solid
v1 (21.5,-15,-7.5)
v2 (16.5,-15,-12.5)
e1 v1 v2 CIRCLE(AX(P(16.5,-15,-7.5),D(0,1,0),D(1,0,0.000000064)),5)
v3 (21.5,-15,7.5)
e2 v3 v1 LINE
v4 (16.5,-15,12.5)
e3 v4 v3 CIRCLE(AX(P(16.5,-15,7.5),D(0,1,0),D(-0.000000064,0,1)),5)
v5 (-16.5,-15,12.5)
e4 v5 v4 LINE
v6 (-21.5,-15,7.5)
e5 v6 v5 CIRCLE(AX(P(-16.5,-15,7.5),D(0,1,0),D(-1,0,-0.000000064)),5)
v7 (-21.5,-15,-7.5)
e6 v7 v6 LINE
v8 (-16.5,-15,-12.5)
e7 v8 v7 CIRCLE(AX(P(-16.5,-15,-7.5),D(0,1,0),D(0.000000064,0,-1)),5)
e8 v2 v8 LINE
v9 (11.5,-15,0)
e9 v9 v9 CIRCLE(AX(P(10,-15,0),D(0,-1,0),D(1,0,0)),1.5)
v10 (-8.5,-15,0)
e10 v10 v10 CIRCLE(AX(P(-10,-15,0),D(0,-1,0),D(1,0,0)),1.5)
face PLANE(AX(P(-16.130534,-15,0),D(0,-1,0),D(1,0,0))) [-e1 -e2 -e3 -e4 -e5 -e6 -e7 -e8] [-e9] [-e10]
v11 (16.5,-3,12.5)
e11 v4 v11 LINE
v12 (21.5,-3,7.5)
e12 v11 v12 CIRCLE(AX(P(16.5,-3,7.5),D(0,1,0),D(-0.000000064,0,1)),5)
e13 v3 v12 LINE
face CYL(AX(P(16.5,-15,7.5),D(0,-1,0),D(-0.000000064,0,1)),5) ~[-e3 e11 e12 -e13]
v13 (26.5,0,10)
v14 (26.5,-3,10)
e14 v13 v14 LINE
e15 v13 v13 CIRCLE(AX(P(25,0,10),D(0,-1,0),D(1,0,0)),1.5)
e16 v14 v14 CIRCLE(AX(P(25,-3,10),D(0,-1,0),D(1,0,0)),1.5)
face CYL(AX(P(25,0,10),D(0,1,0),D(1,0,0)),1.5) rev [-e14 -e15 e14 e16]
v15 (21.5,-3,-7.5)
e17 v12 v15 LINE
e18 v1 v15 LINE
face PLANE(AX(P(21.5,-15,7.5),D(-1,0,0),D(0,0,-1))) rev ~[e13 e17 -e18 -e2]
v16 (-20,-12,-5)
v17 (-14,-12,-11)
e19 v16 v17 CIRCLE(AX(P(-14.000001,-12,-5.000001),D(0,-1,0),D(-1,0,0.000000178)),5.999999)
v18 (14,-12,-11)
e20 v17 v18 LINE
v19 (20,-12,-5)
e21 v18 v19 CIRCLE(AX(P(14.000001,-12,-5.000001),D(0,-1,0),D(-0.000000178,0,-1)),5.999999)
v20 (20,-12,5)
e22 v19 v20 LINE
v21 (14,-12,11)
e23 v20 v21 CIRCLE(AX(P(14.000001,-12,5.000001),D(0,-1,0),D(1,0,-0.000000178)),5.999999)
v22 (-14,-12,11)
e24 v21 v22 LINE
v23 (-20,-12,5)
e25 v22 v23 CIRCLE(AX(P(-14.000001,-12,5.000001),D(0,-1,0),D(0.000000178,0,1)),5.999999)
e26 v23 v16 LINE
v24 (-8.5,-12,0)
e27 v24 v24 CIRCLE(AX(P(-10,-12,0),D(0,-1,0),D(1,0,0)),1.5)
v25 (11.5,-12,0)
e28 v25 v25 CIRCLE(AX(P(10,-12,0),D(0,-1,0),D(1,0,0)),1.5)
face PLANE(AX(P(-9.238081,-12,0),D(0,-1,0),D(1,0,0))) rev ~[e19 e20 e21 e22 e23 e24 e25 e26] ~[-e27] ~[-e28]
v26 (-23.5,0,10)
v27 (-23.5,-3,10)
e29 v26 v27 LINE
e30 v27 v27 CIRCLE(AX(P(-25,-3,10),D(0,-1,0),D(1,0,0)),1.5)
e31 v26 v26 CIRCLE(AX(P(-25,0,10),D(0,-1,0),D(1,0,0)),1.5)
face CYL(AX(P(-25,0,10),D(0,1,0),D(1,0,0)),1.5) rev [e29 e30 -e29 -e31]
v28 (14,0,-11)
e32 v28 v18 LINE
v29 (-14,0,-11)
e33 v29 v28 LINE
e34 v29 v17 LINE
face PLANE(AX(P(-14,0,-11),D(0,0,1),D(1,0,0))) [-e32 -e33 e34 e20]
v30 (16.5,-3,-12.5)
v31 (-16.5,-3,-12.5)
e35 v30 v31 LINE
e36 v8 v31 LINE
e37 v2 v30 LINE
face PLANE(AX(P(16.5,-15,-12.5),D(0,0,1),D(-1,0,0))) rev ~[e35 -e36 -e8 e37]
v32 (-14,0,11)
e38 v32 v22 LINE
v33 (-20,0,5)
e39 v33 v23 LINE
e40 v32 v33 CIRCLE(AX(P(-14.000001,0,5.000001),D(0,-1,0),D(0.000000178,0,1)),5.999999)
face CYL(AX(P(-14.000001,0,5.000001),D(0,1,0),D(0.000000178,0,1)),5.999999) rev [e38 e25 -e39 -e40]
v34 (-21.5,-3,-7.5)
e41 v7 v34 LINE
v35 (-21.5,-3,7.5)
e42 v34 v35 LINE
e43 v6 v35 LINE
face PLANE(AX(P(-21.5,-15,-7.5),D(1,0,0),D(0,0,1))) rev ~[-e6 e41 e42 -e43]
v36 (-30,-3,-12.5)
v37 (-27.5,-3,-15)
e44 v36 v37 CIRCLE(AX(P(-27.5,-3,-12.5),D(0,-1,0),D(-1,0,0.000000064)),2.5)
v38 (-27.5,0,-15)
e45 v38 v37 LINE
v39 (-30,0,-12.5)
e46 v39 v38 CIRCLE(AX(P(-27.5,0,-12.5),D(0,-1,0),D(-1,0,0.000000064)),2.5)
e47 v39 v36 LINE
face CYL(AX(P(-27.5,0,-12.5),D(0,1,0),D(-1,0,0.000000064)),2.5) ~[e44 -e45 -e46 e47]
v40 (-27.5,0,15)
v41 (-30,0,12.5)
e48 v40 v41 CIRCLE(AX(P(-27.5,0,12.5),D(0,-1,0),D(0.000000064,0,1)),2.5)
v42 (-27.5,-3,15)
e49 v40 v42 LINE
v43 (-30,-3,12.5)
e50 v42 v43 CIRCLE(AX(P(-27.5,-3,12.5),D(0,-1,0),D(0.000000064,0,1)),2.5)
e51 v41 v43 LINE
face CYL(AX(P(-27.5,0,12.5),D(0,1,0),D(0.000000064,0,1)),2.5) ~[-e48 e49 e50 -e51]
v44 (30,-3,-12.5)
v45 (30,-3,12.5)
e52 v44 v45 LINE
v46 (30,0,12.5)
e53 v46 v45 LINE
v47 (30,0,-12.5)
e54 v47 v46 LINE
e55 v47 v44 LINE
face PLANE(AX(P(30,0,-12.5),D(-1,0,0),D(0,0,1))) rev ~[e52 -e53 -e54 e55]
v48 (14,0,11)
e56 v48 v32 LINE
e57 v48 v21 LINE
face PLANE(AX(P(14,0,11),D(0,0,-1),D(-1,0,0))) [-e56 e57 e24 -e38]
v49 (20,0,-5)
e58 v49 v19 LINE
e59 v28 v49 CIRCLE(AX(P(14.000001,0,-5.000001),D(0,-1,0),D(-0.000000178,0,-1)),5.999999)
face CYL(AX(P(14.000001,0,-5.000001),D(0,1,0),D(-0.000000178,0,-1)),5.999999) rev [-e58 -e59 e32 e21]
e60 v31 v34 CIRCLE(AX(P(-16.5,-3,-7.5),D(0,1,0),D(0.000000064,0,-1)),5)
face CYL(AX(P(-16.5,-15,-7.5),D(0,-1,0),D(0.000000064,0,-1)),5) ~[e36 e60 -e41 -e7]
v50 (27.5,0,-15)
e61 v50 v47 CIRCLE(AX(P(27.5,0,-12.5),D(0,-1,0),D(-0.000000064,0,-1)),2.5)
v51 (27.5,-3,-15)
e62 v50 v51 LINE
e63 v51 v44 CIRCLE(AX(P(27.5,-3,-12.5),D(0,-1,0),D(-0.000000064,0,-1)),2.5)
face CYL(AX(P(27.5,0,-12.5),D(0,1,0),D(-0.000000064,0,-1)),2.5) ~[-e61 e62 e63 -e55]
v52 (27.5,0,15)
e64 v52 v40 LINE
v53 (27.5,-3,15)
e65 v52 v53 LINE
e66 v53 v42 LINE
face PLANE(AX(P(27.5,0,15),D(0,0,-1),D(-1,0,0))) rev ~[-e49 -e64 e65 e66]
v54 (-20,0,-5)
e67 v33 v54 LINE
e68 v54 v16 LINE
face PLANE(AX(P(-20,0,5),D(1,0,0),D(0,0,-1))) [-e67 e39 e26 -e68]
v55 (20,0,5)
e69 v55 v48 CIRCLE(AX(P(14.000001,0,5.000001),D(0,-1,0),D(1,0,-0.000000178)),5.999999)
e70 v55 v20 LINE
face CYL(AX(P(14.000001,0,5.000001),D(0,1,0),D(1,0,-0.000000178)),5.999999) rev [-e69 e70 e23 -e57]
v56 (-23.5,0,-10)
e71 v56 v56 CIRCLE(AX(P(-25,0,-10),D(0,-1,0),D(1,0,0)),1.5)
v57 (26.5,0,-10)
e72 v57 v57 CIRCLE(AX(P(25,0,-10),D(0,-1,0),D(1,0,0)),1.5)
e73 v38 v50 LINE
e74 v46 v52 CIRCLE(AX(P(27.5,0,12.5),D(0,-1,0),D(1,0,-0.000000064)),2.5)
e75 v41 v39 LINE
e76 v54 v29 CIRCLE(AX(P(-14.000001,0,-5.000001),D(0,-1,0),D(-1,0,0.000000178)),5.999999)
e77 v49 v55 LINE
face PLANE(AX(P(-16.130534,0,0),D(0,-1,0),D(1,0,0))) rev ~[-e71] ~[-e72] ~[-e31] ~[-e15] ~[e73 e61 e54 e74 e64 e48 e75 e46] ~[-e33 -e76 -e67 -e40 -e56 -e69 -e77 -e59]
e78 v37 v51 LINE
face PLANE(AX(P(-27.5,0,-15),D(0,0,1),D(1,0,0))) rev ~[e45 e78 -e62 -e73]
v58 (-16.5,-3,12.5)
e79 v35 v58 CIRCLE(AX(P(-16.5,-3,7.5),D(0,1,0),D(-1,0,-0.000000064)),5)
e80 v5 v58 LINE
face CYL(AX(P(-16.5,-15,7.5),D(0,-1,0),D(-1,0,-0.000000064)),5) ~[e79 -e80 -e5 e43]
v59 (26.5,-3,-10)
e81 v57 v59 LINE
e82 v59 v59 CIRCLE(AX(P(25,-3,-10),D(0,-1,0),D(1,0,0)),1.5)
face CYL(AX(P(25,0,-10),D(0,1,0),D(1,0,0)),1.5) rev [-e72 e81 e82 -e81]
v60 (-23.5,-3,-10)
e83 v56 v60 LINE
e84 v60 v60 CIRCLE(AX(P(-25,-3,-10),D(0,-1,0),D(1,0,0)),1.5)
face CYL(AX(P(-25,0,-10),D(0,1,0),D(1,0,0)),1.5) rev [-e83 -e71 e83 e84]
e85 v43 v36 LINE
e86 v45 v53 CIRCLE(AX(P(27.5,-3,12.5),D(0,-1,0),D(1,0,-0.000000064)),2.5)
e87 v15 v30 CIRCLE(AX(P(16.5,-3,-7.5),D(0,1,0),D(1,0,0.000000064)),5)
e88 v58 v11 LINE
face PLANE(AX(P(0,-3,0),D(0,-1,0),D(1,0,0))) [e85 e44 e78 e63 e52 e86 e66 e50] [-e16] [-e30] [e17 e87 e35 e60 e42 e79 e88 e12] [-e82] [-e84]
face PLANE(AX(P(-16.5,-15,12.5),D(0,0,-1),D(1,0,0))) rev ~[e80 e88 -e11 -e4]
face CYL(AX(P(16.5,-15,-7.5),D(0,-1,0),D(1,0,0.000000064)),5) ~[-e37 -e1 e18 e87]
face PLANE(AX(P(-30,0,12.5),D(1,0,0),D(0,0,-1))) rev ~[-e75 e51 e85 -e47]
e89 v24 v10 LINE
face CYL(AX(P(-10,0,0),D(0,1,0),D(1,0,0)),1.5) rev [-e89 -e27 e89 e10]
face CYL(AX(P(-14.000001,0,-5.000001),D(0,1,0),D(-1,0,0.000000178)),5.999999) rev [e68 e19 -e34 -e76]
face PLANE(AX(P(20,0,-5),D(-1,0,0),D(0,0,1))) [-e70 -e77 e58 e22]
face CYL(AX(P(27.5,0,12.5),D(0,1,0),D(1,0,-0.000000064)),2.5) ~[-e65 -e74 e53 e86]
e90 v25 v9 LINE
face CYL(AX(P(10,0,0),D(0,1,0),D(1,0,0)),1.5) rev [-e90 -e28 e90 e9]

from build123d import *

# Parameters (mm, degrees)
F0_R     = 1.5
F1_DEPTH = 15
F2_DEPTH = 12
F3_R     = 1.5
F4_DEPTH = 12


with BuildPart() as f1:
    # F0 (on Front) → F1 (new body)
    with BuildSketch(Plane.XZ):
        with BuildLine():
            Line((0, 11), (0, 15))
            Line((0, 15), (-27.5, 15))
            ThreePointArc((-27.5, 15), (-29.267767, 14.267767), (-30, 12.5))
            Line((-30, 12.5), (-30, -12.5))
            ThreePointArc((-30, -12.5), (-29.267767, -14.267767), (-27.5, -15))
            Line((-27.5, -15), (0, -15))
            Line((0, -15), (0, -11))
            Line((0, -11), (-14, -11))
            ThreePointArc((-14, -11), (-18.242641, -9.242641), (-20, -5))
            Line((-20, -5), (-20, 5))
            ThreePointArc((-20, 5), (-18.242641, 9.242641), (-14, 11))
            Line((-14, 11), (0, 11))
        make_face()
        with Locations((-25, -10)):
            Circle(F0_R, mode=Mode.SUBTRACT)
        with Locations((-25, 10)):
            Circle(F0_R, mode=Mode.SUBTRACT)
        with BuildLine():
            Line((0, -11), (0, 11))
            Line((0, 11), (-14, 11))
            ThreePointArc((-14, 11), (-18.242641, 9.242641), (-20, 5))
            Line((-20, 5), (-20, -5))
            ThreePointArc((-20, -5), (-18.242641, -9.242641), (-14, -11))
            Line((-14, -11), (0, -11))
        make_face()
        with Locations((-10, 0)):
            Circle(F0_R, mode=Mode.SUBTRACT)
        with BuildLine():
            Line((14, 11), (0, 11))
            Line((0, 11), (0, -11))
            Line((0, -11), (14, -11))
            ThreePointArc((14, -11), (18.242641, -9.242641), (20, -5))
            Line((20, -5), (20, 5))
            ThreePointArc((20, 5), (18.242641, 9.242641), (14, 11))
        make_face()
        with Locations((10, 0)):
            Circle(F0_R, mode=Mode.SUBTRACT)
        with BuildLine():
            Line((27.5, 15), (0, 15))
            Line((0, 15), (0, 11))
            Line((0, 11), (14, 11))
            ThreePointArc((14, 11), (18.242641, 9.242641), (20, 5))
            Line((20, 5), (20, -5))
            ThreePointArc((20, -5), (18.242641, -9.242641), (14, -11))
            Line((14, -11), (0, -11))
            Line((0, -11), (0, -15))
            Line((0, -15), (27.5, -15))
            ThreePointArc((27.5, -15), (29.267767, -14.267767), (30, -12.5))
            Line((30, -12.5), (30, 12.5))
            ThreePointArc((30, 12.5), (29.267767, 14.267767), (27.5, 15))
        make_face()
        with Locations((25, -10)):
            Circle(F0_R, mode=Mode.SUBTRACT)
        with Locations((25, 10)):
            Circle(F0_R, mode=Mode.SUBTRACT)
    extrude(amount=F1_DEPTH)

    # F0 (on Front) → F2 (cut)
    with BuildSketch(Plane.XZ):
        with BuildLine():
            Line((0, -11), (0, 11))
            Line((0, 11), (-14, 11))
            ThreePointArc((-14, 11), (-18.242641, 9.242641), (-20, 5))
            Line((-20, 5), (-20, -5))
            ThreePointArc((-20, -5), (-18.242641, -9.242641), (-14, -11))
            Line((-14, -11), (0, -11))
        make_face()
        with Locations((-10, 0)):
            Circle(F0_R, mode=Mode.SUBTRACT)
        with BuildLine():
            Line((14, 11), (0, 11))
            Line((0, 11), (0, -11))
            Line((0, -11), (14, -11))
            ThreePointArc((14, -11), (18.242641, -9.242641), (20, -5))
            Line((20, -5), (20, 5))
            ThreePointArc((20, 5), (18.242641, 9.242641), (14, 11))
        make_face()
        with Locations((10, 0)):
            Circle(F0_R, mode=Mode.SUBTRACT)
    extrude(amount=F2_DEPTH, mode=Mode.SUBTRACT)

    # F3 (on face) → F4 (cut)
    with BuildSketch(Plane.XZ.offset(15)):
        with BuildLine():
            ThreePointArc((30, 12.5), (29.267767, 14.267767), (27.5, 15))
            Line((27.5, 15), (-27.5, 15))
            ThreePointArc((-27.5, 15), (-29.267767, 14.267767), (-30, 12.5))
            Line((-30, 12.5), (-30, -12.5))
            ThreePointArc((-30, -12.5), (-29.267767, -14.267767), (-27.5, -15))
            Line((-27.5, -15), (27.5, -15))
            ThreePointArc((27.5, -15), (29.267767, -14.267767), (30, -12.5))
            Line((30, -12.5), (30, 12.5))
        make_face()
        with Locations((-25, -10)):
            Circle(F3_R, mode=Mode.SUBTRACT)
        with Locations((25, -10)):
            Circle(F3_R, mode=Mode.SUBTRACT)
        with BuildLine():
            ThreePointArc((-21.5, 7.5), (-20.035534, 11.035534), (-16.5, 12.5))
            Line((-16.5, 12.5), (16.5, 12.5))
            ThreePointArc((16.5, 12.5), (20.035534, 11.035534), (21.5, 7.5))
            Line((21.5, 7.5), (21.5, -7.5))
            ThreePointArc((21.5, -7.5), (20.035534, -11.035534), (16.5, -12.5))
            Line((16.5, -12.5), (-16.5, -12.5))
            ThreePointArc((-16.5, -12.5), (-20.035534, -11.035534), (-21.5, -7.5))
            Line((-21.5, -7.5), (-21.5, 7.5))
        make_face(mode=Mode.SUBTRACT)
        with Locations((-25, 10)):
            Circle(F3_R, mode=Mode.SUBTRACT)
        with Locations((25, 10)):
            Circle(F3_R, mode=Mode.SUBTRACT)
    extrude(amount=-F4_DEPTH, mode=Mode.SUBTRACT)


solid = f1.part
